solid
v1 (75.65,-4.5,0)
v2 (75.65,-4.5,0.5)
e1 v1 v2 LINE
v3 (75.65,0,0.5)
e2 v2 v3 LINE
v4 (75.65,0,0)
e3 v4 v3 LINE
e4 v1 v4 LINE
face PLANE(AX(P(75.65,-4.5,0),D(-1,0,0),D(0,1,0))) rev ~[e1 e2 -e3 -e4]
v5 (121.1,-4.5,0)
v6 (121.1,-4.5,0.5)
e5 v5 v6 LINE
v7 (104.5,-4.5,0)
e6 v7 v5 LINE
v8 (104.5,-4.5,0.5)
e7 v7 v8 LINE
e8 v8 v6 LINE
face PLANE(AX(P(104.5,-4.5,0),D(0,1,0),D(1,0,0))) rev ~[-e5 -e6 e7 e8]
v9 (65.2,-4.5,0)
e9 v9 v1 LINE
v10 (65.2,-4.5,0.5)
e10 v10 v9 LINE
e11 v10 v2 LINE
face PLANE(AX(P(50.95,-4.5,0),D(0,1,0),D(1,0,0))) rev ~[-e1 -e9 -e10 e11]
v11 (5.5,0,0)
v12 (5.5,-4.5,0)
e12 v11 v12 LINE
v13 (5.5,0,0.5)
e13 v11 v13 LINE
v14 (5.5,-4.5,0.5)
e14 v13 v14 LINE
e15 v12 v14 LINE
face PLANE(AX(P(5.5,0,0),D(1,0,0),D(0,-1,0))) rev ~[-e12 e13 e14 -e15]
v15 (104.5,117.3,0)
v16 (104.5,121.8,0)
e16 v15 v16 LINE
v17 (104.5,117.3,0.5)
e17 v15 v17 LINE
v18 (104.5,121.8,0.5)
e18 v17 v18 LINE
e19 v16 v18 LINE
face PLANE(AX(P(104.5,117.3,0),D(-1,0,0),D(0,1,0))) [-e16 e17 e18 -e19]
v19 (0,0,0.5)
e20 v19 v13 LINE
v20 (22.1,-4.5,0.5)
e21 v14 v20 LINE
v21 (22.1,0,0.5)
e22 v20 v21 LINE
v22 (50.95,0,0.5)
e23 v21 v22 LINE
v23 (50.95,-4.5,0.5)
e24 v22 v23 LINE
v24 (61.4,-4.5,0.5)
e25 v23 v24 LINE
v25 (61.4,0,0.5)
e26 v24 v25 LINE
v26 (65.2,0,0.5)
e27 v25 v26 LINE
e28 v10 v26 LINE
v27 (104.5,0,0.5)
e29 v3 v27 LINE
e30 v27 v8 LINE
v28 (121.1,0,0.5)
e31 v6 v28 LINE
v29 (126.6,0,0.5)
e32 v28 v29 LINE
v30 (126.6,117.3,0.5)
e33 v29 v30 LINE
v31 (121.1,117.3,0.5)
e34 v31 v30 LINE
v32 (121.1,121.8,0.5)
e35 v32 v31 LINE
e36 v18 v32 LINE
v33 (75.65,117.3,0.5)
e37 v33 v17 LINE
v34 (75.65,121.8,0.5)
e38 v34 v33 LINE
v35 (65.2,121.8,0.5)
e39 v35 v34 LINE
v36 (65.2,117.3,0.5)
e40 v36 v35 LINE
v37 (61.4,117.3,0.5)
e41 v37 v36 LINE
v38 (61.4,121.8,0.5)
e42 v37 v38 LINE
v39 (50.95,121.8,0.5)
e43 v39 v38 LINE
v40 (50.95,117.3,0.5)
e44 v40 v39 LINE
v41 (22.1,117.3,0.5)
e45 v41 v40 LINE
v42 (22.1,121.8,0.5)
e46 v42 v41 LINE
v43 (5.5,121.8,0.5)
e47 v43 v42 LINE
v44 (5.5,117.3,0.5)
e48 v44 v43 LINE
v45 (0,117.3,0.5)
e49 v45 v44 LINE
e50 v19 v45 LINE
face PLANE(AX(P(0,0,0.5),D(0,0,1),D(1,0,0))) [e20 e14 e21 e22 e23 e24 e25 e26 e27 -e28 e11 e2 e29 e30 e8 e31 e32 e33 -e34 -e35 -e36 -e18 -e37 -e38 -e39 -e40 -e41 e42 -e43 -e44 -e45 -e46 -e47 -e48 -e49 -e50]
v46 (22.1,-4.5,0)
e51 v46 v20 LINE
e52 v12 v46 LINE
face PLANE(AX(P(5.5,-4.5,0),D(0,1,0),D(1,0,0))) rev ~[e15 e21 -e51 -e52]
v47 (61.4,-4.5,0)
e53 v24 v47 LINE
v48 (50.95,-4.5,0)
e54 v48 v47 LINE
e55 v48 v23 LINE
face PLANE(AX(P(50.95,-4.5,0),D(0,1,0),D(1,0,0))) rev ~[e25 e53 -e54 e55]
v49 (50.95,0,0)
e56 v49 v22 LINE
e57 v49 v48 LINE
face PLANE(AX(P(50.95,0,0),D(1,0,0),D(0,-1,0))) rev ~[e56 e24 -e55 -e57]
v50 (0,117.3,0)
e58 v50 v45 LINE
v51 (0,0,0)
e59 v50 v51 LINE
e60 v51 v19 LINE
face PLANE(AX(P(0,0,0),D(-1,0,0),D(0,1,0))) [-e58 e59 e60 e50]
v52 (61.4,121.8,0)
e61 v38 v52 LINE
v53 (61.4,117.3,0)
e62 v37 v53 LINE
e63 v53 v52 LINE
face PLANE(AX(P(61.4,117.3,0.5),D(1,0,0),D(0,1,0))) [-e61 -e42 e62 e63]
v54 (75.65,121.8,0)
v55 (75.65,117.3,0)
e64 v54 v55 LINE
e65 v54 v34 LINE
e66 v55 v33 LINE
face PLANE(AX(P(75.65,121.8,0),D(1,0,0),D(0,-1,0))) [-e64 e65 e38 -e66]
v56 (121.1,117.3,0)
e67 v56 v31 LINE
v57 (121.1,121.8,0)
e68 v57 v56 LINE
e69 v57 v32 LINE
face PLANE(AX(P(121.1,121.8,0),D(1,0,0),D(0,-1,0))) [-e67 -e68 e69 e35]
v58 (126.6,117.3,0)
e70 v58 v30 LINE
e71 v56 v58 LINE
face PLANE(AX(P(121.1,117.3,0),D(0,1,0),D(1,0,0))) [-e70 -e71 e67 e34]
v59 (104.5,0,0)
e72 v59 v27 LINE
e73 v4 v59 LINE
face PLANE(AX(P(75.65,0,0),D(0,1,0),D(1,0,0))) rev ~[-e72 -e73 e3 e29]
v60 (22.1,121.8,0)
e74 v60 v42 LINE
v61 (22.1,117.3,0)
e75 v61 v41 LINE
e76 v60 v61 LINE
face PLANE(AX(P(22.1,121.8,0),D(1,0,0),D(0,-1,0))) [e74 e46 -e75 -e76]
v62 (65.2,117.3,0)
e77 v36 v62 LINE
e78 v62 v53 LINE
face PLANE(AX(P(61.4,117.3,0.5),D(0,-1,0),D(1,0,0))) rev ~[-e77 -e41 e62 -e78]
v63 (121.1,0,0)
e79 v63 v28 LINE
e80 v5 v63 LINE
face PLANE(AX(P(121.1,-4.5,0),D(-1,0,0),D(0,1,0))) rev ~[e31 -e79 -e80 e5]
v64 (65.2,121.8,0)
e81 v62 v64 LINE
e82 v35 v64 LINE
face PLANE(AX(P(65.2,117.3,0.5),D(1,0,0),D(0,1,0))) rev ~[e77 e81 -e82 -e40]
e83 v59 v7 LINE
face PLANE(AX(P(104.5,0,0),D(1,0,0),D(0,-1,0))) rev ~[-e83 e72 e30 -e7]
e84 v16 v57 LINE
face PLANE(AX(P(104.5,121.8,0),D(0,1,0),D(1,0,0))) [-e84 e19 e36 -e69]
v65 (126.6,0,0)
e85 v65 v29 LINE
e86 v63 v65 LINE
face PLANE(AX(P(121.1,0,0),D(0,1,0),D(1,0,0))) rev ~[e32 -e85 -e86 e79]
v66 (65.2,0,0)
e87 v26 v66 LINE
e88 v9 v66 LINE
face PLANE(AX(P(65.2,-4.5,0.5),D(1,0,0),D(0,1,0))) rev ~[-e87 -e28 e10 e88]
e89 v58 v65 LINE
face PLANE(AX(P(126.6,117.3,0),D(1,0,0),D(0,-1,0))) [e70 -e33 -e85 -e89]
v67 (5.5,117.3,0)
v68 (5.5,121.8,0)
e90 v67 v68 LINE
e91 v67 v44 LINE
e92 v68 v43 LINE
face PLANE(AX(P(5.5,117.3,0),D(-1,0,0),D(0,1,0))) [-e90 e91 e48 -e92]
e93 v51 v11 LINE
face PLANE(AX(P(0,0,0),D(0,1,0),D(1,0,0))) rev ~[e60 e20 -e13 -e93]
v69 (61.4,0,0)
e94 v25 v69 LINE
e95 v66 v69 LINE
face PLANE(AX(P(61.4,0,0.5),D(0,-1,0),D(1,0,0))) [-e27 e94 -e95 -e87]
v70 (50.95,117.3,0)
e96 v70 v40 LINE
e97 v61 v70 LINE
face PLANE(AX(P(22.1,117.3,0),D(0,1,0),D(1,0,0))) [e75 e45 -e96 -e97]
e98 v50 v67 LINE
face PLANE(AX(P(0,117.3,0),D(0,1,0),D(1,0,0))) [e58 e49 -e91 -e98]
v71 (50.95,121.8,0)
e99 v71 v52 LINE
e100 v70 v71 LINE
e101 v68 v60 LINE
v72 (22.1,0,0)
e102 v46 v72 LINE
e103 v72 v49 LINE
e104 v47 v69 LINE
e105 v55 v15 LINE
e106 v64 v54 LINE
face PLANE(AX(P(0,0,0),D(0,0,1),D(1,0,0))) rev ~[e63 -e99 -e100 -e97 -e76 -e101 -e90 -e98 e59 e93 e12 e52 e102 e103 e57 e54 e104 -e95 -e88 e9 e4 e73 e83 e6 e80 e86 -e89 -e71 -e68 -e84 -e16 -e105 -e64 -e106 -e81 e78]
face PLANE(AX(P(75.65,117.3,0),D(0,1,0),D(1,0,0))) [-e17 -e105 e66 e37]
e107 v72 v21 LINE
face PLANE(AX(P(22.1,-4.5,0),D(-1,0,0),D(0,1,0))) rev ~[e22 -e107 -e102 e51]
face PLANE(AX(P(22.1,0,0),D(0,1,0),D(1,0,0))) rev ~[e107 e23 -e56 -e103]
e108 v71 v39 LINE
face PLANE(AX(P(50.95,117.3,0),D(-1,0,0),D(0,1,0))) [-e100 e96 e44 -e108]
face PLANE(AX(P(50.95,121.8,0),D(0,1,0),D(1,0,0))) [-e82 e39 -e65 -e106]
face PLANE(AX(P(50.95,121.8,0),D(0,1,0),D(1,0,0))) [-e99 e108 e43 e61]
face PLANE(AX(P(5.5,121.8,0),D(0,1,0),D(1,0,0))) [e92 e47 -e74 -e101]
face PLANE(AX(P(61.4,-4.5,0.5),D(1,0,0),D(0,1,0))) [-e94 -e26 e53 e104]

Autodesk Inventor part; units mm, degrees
ref_plane "YZ Plane" through (0, 0, 0) normal (1, 0, 0) x (0, 1, 0)
ref_plane "XZ Plane" through (0, 0, 0) normal (0, 1, 0) x (-1, 0, 0)
ref_plane "XY Plane" through (0, 0, 0) normal (0, 0, 1) x (1, 0, 0)
sketch "Sketch1" plane through (0, 0, 0) normal (0, 0, 1) x (1, 0, 0)
  line L0 (0, 0) -> (126.6, 0)
  line L1 (63.3, 0) -> (63.3, 10.109) construction
  line L2 (5.5, 0) -> (5.5, -4.5)
  line L3 (5.5, -4.5) -> (22.1, -4.5)
  line L4 (22.1, -4.5) -> (22.1, 0)
  line L5 (50.95, 0) -> (50.95, -4.5)
  line L6 (50.95, -4.5) -> (75.65, -4.5)
  line L7 (75.65, -4.5) -> (75.65, 0)
  line L8 (104.5, 0) -> (104.5, -4.5)
  line L9 (104.5, -4.5) -> (121.1, -4.5)
  line L10 (121.1, -4.5) -> (121.1, 0)
  line L11 (13.8, -4.5) -> (13.8, 0) construction
  line L12 (63.3, -4.5) -> (63.3, 0) construction
  line L13 (112.8, -4.5) -> (112.8, 0) construction
  line L14 (0, 0) -> (0, 58.65)
  line L15 (0, 58.65) -> (126.6, 58.65) construction
  line L16 (126.6, 0) -> (126.6, 58.65)
  line L17 (0, 117.3) -> (126.6, 117.3)
  line L18 (63.3, 117.3) -> (63.3, 107.191) construction
  line L19 (5.5, 117.3) -> (5.5, 121.8)
  line L20 (5.5, 121.8) -> (22.1, 121.8)
  line L21 (22.1, 121.8) -> (22.1, 117.3)
  line L22 (50.95, 117.3) -> (50.95, 121.8)
  line L23 (50.95, 121.8) -> (75.65, 121.8)
  line L24 (75.65, 121.8) -> (75.65, 117.3)
  line L25 (104.5, 117.3) -> (104.5, 121.8)
  line L26 (104.5, 121.8) -> (121.1, 121.8)
  line L27 (121.1, 121.8) -> (121.1, 117.3)
  line L28 (13.8, 121.8) -> (13.8, 117.3) construction
  line L29 (63.3, 121.8) -> (63.3, 117.3) construction
  line L30 (112.8, 121.8) -> (112.8, 117.3) construction
  line L31 (0, 117.3) -> (0, 58.65)
  line L32 (126.6, 117.3) -> (126.6, 58.65)
  dimension "d0" = 126.6
  dimension "d1" = 4.5
  dimension "d2" = 16.6
  dimension "d3" = 4.5
  dimension "d4" = 24.7
  dimension "d5" = 4.5
  dimension "d6" = 16.6
  dimension "d7" = 49.5
  dimension "d8" = 49.5
  dimension "d9" = 58.65
extrude "Extrusion1" add sketch "Sketch1" along normal blind 0.5
ref_plane "Work Plane1" through (0, 0, 0.25) normal (0, 0, -1) x (-1, 0, 0)
ref_plane "Work Plane2" through (63.3, 0, 0) normal (1, 0, 0) x (0, 0, -1)
sketch "Sketch2" plane through (0, 0, 0.5) normal (0, 0, 1) x (1, 0, 0)
  line L0 (5.5, 117.3) -> (0, 117.3) projected
  line L1 (0, 117.3) -> (0, 0) projected
  line L2 (0, 0) -> (5.5, 0) projected
  line L3 (5.5, 0) -> (5.5, -4.5) projected
  line L4 (5.5, -4.5) -> (22.1, -4.5) projected
  line L5 (22.1, -4.5) -> (22.1, 0) projected
  line L6 (22.1, 0) -> (50.95, 0) projected
  line L7 (50.95, 0) -> (50.95, -4.5) projected
  line L8 (50.95, -4.5) -> (75.65, -4.5) projected
  line L9 (75.65, -4.5) -> (75.65, 0) projected
  line L10 (75.65, 0) -> (104.5, 0) projected
  line L11 (104.5, 0) -> (104.5, -4.5) projected
  line L12 (104.5, -4.5) -> (121.1, -4.5) projected
  line L13 (121.1, -4.5) -> (121.1, 0) projected
  line L14 (121.1, 0) -> (126.6, 0) projected
  line L15 (126.6, 0) -> (126.6, 117.3) projected
  line L16 (126.6, 117.3) -> (121.1, 117.3) projected
  line L17 (121.1, 117.3) -> (121.1, 121.8) projected
  line L18 (121.1, 121.8) -> (104.5, 121.8) projected
  line L19 (104.5, 121.8) -> (104.5, 117.3) projected
  line L20 (104.5, 117.3) -> (75.65, 117.3) projected
  line L21 (75.65, 117.3) -> (75.65, 121.8) projected
  line L22 (75.65, 121.8) -> (50.95, 121.8) projected
  line L23 (50.95, 121.8) -> (50.95, 117.3) projected
  line L24 (50.95, 117.3) -> (22.1, 117.3) projected
  line L25 (22.1, 117.3) -> (22.1, 121.8) projected
  line L26 (22.1, 121.8) -> (5.5, 121.8) projected
  line L27 (5.5, 121.8) -> (5.5, 117.3) projected
  line L28 (50.95, -4.5) -> (75.65, -4.5) construction
  line L29 (50.95, -4.5) -> (75.65, -4.5) construction
  line L30 (61.4, -4.5) -> (61.4, 0)
  line L31 (61.4, 117.3) -> (61.4, 121.8)
  line L32 (63.3, -4.5) -> (63.3, 0)
  line L33 (63.3, 117.3) -> (63.3, 121.8)
  line L34 (65.2, -4.5) -> (65.2, 0)
  line L35 (65.2, 117.3) -> (65.2, 121.8)
  line L36 (61.4, 117.3) -> (65.2, 117.3)
  line L37 (61.4, 0) -> (65.2, 0)
extrude "Extrusion2" cut sketch "Sketch2" against normal blind 0.5 contours L22 L33 L36 L31 | L22 L35 L36 L33 | L30 L37 L32 L8 | L32 L37 L34 L8
equation "\"d0\" = mltotal"
equation "\"d1\" = mdepth"
equation "\"d2\" = mlr"
equation "\"d3\" = mdepth"
equation "\"d4\" = mmid"
equation "\"d5\" = mdepth"
equation "\"d6\" = mlr"
equation "\"d8\" = d7"
equation "\"d9\" = 0.5 * heaterH"
equation "\"d10\" = thick"
equation "\"thick\" = 0.5"
equation "\"lrlr\" = 19"
equation "\"lrmid\" = 19.9"
equation "\"lrdepth\" = 3.3"
equation "\"mlr\" = 16.6"
equation "\"mmid\" = 24.7"
equation "\"mdepth\" = 4.5"
equation "\"lrltotal\" = 126.6"
equation "\"mltotal\" = 126.6"
equation "\"lrbetween\" = 52.1"
equation "\"mbetween\" = 49.5"
equation "\"toler\" = 1"
equation "\"stuckw\" = 6"
equation "\"tight\" = 0.08"
equation "\"sidewallL\" = 132.6"
equation "\"heaterH\" = 117.3"
equation "\"stickL\" = 3.5"
equation "\"wireH\" = 25"
properties part number "mid_heater"
